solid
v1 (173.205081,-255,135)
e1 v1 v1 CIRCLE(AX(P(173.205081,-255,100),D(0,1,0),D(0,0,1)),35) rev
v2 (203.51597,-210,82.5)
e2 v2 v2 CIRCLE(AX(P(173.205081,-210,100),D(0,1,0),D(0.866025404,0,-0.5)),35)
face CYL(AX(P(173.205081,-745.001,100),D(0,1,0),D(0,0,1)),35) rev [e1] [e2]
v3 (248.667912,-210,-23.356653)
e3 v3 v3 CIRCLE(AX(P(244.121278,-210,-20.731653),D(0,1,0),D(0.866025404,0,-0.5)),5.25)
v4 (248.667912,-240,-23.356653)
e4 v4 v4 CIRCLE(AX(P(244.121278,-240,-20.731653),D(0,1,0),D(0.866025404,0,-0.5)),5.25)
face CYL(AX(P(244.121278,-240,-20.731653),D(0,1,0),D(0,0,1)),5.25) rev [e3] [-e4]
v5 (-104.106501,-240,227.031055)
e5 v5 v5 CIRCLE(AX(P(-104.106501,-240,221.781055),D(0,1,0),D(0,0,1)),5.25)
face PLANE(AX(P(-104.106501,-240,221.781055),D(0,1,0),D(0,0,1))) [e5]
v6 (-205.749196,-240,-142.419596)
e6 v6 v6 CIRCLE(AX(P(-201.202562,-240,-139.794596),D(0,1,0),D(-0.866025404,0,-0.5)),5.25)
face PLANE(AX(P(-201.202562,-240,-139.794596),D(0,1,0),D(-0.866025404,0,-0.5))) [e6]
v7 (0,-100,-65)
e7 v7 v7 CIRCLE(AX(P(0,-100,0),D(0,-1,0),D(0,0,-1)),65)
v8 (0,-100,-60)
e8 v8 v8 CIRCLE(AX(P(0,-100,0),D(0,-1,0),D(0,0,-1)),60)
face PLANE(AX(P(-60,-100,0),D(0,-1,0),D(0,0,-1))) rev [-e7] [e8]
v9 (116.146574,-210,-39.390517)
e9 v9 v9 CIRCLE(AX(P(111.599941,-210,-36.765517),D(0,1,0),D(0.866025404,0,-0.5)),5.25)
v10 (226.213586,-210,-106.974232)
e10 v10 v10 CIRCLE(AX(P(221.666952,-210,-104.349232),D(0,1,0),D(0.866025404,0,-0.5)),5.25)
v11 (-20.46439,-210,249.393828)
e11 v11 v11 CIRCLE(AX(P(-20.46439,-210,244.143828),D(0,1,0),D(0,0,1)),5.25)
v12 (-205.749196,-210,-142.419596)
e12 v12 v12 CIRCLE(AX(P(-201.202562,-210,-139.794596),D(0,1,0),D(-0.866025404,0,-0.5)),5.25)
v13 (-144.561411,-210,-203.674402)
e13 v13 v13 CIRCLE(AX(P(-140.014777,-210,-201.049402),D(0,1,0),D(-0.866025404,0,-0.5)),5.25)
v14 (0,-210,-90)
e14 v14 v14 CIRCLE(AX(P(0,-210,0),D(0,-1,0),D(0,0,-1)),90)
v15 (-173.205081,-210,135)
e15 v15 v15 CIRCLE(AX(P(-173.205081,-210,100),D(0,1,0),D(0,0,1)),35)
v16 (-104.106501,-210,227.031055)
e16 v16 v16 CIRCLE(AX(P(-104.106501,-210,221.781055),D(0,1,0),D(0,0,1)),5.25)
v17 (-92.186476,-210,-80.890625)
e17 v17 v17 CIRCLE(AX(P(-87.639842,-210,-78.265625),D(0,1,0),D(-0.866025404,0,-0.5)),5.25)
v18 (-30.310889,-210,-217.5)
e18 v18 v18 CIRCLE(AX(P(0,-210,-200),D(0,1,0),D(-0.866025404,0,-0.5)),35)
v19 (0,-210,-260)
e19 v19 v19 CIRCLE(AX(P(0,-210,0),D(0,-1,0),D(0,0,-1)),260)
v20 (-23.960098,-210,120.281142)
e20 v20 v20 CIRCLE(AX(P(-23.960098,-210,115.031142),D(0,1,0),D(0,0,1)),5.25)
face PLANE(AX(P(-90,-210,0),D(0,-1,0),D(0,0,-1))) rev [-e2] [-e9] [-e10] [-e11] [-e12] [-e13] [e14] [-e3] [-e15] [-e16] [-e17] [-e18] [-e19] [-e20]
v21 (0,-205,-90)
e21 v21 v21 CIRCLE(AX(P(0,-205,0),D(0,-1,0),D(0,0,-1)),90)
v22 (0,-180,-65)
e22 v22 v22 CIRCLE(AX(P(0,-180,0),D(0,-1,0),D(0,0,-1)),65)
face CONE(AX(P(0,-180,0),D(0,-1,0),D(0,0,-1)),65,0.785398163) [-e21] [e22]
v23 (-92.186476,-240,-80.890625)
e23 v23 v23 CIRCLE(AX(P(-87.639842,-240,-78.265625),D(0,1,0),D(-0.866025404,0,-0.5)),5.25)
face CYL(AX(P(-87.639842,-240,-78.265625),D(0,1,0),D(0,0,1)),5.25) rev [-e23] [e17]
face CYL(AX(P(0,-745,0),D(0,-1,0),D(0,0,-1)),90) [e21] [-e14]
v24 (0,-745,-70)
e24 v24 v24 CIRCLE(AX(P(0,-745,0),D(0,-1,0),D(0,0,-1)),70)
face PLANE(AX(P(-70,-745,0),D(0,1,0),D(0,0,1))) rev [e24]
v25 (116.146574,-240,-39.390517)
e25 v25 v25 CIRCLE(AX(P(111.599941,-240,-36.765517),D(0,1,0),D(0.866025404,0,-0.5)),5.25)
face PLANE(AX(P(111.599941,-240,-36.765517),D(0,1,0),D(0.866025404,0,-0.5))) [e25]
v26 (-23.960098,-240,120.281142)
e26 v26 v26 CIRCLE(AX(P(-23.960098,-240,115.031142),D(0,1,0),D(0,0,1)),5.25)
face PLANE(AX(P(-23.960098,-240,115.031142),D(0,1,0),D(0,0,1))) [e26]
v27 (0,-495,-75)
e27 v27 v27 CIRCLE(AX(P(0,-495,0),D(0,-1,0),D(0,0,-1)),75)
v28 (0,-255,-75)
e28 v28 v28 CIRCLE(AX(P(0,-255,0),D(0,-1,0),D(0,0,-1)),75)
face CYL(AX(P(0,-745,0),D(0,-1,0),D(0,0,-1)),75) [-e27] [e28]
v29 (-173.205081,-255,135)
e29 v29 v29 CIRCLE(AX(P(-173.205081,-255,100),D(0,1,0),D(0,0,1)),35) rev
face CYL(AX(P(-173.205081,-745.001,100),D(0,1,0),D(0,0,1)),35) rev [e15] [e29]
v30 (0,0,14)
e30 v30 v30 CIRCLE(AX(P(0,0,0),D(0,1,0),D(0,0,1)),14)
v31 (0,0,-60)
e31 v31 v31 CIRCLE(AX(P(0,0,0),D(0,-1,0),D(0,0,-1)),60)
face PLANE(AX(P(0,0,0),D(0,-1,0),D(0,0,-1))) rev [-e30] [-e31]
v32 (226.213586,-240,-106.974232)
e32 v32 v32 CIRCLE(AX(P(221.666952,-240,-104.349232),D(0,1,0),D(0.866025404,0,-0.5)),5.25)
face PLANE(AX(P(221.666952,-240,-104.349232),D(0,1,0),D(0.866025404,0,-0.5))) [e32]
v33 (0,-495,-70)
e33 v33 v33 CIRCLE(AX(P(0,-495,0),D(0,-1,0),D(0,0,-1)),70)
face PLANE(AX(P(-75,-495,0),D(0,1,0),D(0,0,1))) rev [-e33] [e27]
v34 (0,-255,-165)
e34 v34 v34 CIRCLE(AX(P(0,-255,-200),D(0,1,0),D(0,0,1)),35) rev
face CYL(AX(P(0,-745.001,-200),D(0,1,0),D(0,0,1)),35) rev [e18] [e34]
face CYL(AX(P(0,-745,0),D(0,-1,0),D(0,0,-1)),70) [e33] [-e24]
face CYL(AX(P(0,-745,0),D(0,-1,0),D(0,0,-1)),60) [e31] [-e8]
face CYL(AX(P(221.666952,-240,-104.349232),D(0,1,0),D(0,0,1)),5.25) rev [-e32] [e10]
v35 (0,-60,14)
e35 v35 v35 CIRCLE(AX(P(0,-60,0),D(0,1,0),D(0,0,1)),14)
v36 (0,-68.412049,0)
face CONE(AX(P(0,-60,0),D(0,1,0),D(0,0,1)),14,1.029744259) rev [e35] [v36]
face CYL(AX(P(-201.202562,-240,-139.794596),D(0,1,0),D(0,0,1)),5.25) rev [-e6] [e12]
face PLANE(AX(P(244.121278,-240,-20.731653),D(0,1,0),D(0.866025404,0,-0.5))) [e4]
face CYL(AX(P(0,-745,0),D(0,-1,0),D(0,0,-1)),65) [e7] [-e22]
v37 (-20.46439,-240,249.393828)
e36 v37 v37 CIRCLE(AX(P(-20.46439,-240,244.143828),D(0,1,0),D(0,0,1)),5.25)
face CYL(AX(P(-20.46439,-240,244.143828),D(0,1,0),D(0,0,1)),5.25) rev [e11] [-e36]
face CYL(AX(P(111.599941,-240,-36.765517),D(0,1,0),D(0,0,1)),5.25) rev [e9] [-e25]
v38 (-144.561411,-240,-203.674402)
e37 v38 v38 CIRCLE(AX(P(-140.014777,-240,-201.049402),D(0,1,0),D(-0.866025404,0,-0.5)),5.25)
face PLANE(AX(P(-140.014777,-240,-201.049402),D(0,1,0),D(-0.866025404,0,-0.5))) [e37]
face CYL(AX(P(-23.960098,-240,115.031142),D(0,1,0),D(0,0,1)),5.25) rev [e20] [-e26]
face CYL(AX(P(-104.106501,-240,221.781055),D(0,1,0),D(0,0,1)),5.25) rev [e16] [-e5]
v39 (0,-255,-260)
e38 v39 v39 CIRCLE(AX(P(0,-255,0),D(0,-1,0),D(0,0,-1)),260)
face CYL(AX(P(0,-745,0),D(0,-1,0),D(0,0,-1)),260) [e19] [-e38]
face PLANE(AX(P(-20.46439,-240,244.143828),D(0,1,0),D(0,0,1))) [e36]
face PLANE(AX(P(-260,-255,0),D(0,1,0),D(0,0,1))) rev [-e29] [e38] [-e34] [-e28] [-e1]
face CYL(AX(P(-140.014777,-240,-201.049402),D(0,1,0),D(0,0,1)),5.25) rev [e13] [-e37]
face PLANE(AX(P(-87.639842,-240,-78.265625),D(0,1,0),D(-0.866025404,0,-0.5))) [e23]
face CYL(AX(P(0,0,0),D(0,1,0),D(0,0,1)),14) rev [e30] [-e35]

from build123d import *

# Parameters (mm, degrees)
M30X2_0_1_D              = 28
M30X2_0_1_DEPTH          = 60
M30X2_0_1_TIP            = 8.412048666
CUT_EXTRUDE_1_REACH      = 651.173
SKETCH_4_R               = 35
PATTERN_CIRCULAR_1_COUNT = 3
SKETCH_5_R               = 5.25
CUT_EXTRUDE_2_DEPTH      = 30
PATTERN_CIRCULAR_2_COUNT = 3


with BuildPart() as part:
    # 草图1 → 旋转1 (revolve)
    with BuildSketch(Plane.XY, mode=Mode.PRIVATE) as revolve_1_sk:
        Polygon((0, 0), (-60, 0), (-60, -100), (-65, -100), (-65, -180), (-90, -205), (-90, -210), (-260, -210), (-260, -255), (-75, -255), (-75, -495), (-70, -495), (-70, -745), (0, -745), align=None)
    revolve(revolve_1_sk.sketch.rotate(Axis((0, -745, 0), (0, 1, 0)), 270), axis=Axis((0, -745, 0), (0, 1, 0)))

    # M30x2.0 螺纹孔1
    with Locations(Plane(origin=(0, 0, 0), x_dir=(1, 0, 0), z_dir=(0, 1, 0))):
        with Locations((0, 0)):
            Hole(M30X2_0_1_D / 2, depth=M30X2_0_1_DEPTH)
            with Locations((0, 0, -(M30X2_0_1_DEPTH + M30X2_0_1_TIP / 2))):  # 118° drill point
                Cone(0, M30X2_0_1_D / 2, M30X2_0_1_TIP, mode=Mode.SUBTRACT)

    # 草图4 → 切除-拉伸1 (cut, up to next)
    with BuildSketch(Plane(origin=(0, -210, 0), x_dir=(1, 0, 0), z_dir=(0, 1, 0)), mode=Mode.PRIVATE) as cut_extrude_1_sk1:
        with Locations(Location((-173.205080757, -100, 0), (0, 0, 270))):
            Circle(SKETCH_4_R)
    cut_extrude_1_tool1 = extrude(cut_extrude_1_sk1.sketch, amount=-CUT_EXTRUDE_1_REACH, mode=Mode.PRIVATE) & part.part
    cut_extrude_1 = cut_extrude_1_tool1.solids().sort_by_distance((-173.205081, -210, 100))[0]
    add(cut_extrude_1, mode=Mode.SUBTRACT)

    # 阵列(圆周)1: 切除-拉伸1 ×3 about axis
    pattern_circular_1_axis = Axis((0, 0, 0), (0, 1, 0))
    for i in range(1, PATTERN_CIRCULAR_1_COUNT):
        add(cut_extrude_1.rotate(pattern_circular_1_axis, i * 360 / PATTERN_CIRCULAR_1_COUNT), mode=Mode.SUBTRACT)

    # 草图5 → 切除-拉伸2 (cut)
    with BuildSketch(Plane(origin=(0, -210, 0), x_dir=(1, 0, 0), z_dir=(0, 1, 0))):
        with Locations(Location((-23.960098386, -115.031142241, 0), (0, 0, 270))):
            Circle(SKETCH_5_R)
        with Locations(Location((-104.106501212, -221.781055109, 0), (0, 0, 270))):
            Circle(SKETCH_5_R)
        with Locations(Location((-20.464389875, -244.143827993, 0), (0, 0, 270))):
            Circle(SKETCH_5_R)
    cut_extrude_2 = extrude(amount=-CUT_EXTRUDE_2_DEPTH, mode=Mode.SUBTRACT)

    # 阵列(圆周)2: 切除-拉伸2 ×3 about axis
    pattern_circular_2_axis = Axis((0, 0, 0), (0, 1, 0))
    for i in range(1, PATTERN_CIRCULAR_2_COUNT):
        add(cut_extrude_2.rotate(pattern_circular_2_axis, i * 360 / PATTERN_CIRCULAR_2_COUNT), mode=Mode.SUBTRACT)


solid = part.part
